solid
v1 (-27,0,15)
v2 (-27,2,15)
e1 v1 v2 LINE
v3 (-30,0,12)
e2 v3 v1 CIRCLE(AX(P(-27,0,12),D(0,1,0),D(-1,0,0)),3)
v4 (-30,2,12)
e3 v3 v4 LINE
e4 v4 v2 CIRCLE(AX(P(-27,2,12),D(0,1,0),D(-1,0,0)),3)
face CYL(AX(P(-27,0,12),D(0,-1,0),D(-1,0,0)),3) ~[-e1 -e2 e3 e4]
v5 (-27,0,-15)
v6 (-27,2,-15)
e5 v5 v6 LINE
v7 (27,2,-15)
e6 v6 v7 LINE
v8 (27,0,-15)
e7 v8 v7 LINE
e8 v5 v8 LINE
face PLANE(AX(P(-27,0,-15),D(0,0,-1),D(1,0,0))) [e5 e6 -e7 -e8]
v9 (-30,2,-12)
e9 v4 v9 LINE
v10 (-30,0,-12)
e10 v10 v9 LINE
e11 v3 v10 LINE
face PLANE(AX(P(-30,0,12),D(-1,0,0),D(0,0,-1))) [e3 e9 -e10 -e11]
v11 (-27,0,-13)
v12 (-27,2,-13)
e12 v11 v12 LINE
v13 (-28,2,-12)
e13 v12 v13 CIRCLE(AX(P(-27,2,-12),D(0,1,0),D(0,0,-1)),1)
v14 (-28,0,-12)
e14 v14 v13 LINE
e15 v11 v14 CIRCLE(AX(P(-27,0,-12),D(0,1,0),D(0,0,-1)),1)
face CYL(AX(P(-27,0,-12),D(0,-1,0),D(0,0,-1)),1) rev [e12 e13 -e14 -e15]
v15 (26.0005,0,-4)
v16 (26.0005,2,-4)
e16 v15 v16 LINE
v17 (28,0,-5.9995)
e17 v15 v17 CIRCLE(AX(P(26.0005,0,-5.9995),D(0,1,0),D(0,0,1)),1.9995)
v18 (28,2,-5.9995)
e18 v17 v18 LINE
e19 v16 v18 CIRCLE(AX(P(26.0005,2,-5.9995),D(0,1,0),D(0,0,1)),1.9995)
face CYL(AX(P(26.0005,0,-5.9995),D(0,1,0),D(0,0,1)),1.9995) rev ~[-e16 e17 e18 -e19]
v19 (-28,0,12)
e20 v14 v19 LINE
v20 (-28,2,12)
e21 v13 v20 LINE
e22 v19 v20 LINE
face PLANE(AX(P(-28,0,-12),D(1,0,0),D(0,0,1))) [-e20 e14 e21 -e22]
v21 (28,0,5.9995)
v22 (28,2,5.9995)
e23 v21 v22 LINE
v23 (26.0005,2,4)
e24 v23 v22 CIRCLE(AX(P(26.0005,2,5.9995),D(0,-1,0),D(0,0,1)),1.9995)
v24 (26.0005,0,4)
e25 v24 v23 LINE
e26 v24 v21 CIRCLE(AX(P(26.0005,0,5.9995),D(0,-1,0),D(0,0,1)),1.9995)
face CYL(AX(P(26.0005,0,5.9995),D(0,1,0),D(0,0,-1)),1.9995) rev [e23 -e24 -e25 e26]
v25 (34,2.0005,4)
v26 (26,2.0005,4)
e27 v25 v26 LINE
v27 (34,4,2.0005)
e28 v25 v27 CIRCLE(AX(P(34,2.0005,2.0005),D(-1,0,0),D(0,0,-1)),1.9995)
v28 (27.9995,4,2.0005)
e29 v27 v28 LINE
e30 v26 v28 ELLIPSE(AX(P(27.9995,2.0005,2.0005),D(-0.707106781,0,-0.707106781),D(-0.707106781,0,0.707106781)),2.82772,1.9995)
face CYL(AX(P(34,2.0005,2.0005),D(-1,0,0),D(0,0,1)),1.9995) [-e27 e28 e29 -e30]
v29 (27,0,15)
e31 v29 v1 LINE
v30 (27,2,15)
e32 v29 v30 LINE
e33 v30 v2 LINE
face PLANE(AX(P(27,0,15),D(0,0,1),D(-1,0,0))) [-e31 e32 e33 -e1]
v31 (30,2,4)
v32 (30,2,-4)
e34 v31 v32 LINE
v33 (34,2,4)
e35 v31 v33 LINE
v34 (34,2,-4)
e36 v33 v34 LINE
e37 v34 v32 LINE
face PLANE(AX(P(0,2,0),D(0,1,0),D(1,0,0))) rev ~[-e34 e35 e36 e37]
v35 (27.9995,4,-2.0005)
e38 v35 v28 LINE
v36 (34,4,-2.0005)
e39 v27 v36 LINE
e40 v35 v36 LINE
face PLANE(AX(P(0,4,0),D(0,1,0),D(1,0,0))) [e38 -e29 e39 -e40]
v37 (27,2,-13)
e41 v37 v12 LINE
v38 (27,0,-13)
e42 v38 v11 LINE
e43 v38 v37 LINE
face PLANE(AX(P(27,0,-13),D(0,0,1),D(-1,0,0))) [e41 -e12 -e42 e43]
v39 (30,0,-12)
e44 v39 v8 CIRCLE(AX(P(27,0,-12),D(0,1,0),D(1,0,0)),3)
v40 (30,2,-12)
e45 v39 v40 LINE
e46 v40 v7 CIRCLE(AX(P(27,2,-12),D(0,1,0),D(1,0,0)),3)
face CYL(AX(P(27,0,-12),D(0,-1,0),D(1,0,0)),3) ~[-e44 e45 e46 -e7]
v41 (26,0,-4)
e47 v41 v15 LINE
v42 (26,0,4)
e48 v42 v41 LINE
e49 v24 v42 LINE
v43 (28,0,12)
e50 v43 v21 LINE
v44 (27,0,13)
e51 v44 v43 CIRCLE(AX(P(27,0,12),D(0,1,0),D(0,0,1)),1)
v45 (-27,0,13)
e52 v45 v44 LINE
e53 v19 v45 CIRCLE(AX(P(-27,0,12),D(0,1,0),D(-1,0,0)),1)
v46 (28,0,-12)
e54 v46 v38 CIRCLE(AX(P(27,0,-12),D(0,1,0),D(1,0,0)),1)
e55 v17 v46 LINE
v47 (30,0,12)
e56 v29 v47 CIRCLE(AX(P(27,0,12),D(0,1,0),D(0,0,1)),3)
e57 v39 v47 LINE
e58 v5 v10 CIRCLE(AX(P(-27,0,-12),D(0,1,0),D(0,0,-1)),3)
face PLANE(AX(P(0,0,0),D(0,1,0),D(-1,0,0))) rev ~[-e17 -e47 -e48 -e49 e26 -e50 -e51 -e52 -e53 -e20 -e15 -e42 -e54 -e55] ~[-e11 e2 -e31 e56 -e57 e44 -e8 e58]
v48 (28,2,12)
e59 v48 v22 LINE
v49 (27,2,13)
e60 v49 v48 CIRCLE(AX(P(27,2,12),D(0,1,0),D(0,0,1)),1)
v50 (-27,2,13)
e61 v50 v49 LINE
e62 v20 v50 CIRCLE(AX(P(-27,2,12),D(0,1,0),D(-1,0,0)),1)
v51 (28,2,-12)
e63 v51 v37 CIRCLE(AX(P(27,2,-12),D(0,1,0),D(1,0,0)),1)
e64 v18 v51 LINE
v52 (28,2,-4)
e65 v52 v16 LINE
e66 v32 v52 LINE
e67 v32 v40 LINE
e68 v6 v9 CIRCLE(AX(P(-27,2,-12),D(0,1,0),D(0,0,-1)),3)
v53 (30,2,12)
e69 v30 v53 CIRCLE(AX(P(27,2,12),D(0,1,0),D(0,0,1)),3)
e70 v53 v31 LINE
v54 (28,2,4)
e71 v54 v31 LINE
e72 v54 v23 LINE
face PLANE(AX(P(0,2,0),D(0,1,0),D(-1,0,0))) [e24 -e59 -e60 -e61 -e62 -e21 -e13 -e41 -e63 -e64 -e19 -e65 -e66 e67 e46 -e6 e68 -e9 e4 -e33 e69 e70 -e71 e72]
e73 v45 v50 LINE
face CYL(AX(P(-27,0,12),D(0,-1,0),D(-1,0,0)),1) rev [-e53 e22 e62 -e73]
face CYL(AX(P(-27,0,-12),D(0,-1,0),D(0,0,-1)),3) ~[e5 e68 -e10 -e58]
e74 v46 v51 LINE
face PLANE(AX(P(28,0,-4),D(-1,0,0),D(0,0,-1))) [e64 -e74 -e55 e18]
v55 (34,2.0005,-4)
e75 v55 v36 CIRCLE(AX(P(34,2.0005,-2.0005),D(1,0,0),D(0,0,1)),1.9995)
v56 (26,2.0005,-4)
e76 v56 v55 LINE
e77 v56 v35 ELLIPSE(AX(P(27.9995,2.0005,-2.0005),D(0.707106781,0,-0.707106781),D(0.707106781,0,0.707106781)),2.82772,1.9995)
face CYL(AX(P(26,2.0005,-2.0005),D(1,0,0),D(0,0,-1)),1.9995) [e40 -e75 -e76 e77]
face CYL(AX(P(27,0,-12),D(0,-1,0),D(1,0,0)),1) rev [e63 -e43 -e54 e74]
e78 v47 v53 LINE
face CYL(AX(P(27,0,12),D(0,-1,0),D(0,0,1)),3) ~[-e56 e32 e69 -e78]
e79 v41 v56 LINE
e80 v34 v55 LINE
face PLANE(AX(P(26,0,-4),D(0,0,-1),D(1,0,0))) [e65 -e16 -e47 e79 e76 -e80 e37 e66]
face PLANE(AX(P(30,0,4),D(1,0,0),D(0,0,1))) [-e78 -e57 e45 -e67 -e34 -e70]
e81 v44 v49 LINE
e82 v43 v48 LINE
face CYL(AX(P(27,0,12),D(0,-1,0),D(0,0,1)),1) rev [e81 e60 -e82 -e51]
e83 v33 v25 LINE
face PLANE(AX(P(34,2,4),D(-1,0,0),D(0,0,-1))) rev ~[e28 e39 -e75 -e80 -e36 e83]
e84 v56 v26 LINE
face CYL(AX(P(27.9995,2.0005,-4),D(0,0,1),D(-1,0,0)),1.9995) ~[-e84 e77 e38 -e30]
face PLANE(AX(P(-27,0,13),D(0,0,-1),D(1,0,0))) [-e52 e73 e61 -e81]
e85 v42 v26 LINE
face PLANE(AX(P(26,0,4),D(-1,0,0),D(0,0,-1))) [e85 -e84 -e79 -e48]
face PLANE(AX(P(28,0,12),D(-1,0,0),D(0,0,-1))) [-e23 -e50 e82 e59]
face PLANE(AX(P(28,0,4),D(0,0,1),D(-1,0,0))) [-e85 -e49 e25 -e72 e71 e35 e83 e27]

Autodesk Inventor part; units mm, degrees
ref_plane "YZ Plane" through (0, 0, 0) normal (1, 0, 0) x (0, 1, 0)
ref_plane "XZ Plane" through (0, 0, 0) normal (0, 1, 0) x (-1, 0, 0)
ref_plane "XY Plane" through (0, 0, 0) normal (0, 0, 1) x (1, 0, 0)
sketch "Sketch1" plane through (0, 0, 0) normal (0, 1, 0) x (-1, 0, 0)
  line L0 (-27, 15) -> (27, 15)
  line L1 (30, 12) -> (30, -12)
  line L2 (27, -15) -> (-27, -15)
  line L3 (-30, -12) -> (-30, 12)
  line L4 (-30, 15) -> (30, -15) construction
  line L5 (30, 15) -> (-30, -15) construction
  arc A0 (30, 12) -> (27, 15) centre (27, 12) ccw
  arc A1 (27, -15) -> (30, -12) centre (27, -12) ccw
  arc A2 (-30, -12) -> (-27, -15) centre (-27, -12) ccw
  arc A3 (-27, 15) -> (-30, 12) centre (-27, 12) ccw
  line L6 (28, -12) -> (28, 12)
  arc A4 (28, 12) -> (27, 13) centre (27, 12) ccw
  line L7 (27, 13) -> (-27, 13)
  arc A5 (-27, 13) -> (-28, 12) centre (-27, 12) ccw
  line L8 (-28, 12) -> (-28, -12)
  arc A6 (-28, -12) -> (-27, -13) centre (-27, -12) ccw
  line L9 (-27, -13) -> (27, -13)
  arc A7 (27, -13) -> (28, -12) centre (27, -12) ccw
  line L10 (-26, -4) -> (-30, -4)
  line L11 (-30, -4) -> (-30, 4)
  line L12 (-30, 4) -> (-26, 4)
  line L13 (-26, 4) -> (-26, -4)
  line L14 (-26, -4) -> (-30, 4) construction
  line L15 (-30, -4) -> (-26, 4) construction
  point P0 (0, 0)
  point P1 (-28, 0)
  point P2 (-28, 4)
  point P3 (-28, -4)
  dimension "d0" = 30
  dimension "d1" = 60
  dimension "d2" = 3
  dimension "d3" = 3
  dimension "d4" = 2
  dimension "d7" = 8
extrude "Extrusion1" add sketch "Sketch1" along normal blind 2 contours L0 A0 L1 A1 L2 A2 L3 L10 L8 A6 L9 A7 L6 A4 L7 A5 L12 A3 | L12 L8 L10 L3 | L12 L13 L10 L8
sketch "Sketch2" plane through (0, 2, 0) normal (0, 1, 0) x (1, 0, 0)
  line L0 (26, -4) -> (28, -4) projected
  line L1 (34, 4) -> (26, 4)
  line L2 (26, 4) -> (26, -4)
  line L3 (26, -4) -> (34, -4)
  line L4 (34, -4) -> (34, 4)
  line L5 (30, -12) -> (30, 12) projected
  line L6 (34, 4) -> (26, -4) construction
  line L7 (26, 4) -> (34, -4) construction
  point P0 (0, 0)
  point P1 (30, 0)
extrude "Extrusion2" add sketch "Sketch2" along normal blind 2
fillet "Fillet1" radius 2 3 edges at (26, 4, 0) (30, 4, -4) (30, 4, 4)
fillet "Fillet2" radius 2 2 edges at (28, 1, -4) (28, 1, 4)
properties part number "SolarpanelAdapter_bot" material "ABS Plastic"
